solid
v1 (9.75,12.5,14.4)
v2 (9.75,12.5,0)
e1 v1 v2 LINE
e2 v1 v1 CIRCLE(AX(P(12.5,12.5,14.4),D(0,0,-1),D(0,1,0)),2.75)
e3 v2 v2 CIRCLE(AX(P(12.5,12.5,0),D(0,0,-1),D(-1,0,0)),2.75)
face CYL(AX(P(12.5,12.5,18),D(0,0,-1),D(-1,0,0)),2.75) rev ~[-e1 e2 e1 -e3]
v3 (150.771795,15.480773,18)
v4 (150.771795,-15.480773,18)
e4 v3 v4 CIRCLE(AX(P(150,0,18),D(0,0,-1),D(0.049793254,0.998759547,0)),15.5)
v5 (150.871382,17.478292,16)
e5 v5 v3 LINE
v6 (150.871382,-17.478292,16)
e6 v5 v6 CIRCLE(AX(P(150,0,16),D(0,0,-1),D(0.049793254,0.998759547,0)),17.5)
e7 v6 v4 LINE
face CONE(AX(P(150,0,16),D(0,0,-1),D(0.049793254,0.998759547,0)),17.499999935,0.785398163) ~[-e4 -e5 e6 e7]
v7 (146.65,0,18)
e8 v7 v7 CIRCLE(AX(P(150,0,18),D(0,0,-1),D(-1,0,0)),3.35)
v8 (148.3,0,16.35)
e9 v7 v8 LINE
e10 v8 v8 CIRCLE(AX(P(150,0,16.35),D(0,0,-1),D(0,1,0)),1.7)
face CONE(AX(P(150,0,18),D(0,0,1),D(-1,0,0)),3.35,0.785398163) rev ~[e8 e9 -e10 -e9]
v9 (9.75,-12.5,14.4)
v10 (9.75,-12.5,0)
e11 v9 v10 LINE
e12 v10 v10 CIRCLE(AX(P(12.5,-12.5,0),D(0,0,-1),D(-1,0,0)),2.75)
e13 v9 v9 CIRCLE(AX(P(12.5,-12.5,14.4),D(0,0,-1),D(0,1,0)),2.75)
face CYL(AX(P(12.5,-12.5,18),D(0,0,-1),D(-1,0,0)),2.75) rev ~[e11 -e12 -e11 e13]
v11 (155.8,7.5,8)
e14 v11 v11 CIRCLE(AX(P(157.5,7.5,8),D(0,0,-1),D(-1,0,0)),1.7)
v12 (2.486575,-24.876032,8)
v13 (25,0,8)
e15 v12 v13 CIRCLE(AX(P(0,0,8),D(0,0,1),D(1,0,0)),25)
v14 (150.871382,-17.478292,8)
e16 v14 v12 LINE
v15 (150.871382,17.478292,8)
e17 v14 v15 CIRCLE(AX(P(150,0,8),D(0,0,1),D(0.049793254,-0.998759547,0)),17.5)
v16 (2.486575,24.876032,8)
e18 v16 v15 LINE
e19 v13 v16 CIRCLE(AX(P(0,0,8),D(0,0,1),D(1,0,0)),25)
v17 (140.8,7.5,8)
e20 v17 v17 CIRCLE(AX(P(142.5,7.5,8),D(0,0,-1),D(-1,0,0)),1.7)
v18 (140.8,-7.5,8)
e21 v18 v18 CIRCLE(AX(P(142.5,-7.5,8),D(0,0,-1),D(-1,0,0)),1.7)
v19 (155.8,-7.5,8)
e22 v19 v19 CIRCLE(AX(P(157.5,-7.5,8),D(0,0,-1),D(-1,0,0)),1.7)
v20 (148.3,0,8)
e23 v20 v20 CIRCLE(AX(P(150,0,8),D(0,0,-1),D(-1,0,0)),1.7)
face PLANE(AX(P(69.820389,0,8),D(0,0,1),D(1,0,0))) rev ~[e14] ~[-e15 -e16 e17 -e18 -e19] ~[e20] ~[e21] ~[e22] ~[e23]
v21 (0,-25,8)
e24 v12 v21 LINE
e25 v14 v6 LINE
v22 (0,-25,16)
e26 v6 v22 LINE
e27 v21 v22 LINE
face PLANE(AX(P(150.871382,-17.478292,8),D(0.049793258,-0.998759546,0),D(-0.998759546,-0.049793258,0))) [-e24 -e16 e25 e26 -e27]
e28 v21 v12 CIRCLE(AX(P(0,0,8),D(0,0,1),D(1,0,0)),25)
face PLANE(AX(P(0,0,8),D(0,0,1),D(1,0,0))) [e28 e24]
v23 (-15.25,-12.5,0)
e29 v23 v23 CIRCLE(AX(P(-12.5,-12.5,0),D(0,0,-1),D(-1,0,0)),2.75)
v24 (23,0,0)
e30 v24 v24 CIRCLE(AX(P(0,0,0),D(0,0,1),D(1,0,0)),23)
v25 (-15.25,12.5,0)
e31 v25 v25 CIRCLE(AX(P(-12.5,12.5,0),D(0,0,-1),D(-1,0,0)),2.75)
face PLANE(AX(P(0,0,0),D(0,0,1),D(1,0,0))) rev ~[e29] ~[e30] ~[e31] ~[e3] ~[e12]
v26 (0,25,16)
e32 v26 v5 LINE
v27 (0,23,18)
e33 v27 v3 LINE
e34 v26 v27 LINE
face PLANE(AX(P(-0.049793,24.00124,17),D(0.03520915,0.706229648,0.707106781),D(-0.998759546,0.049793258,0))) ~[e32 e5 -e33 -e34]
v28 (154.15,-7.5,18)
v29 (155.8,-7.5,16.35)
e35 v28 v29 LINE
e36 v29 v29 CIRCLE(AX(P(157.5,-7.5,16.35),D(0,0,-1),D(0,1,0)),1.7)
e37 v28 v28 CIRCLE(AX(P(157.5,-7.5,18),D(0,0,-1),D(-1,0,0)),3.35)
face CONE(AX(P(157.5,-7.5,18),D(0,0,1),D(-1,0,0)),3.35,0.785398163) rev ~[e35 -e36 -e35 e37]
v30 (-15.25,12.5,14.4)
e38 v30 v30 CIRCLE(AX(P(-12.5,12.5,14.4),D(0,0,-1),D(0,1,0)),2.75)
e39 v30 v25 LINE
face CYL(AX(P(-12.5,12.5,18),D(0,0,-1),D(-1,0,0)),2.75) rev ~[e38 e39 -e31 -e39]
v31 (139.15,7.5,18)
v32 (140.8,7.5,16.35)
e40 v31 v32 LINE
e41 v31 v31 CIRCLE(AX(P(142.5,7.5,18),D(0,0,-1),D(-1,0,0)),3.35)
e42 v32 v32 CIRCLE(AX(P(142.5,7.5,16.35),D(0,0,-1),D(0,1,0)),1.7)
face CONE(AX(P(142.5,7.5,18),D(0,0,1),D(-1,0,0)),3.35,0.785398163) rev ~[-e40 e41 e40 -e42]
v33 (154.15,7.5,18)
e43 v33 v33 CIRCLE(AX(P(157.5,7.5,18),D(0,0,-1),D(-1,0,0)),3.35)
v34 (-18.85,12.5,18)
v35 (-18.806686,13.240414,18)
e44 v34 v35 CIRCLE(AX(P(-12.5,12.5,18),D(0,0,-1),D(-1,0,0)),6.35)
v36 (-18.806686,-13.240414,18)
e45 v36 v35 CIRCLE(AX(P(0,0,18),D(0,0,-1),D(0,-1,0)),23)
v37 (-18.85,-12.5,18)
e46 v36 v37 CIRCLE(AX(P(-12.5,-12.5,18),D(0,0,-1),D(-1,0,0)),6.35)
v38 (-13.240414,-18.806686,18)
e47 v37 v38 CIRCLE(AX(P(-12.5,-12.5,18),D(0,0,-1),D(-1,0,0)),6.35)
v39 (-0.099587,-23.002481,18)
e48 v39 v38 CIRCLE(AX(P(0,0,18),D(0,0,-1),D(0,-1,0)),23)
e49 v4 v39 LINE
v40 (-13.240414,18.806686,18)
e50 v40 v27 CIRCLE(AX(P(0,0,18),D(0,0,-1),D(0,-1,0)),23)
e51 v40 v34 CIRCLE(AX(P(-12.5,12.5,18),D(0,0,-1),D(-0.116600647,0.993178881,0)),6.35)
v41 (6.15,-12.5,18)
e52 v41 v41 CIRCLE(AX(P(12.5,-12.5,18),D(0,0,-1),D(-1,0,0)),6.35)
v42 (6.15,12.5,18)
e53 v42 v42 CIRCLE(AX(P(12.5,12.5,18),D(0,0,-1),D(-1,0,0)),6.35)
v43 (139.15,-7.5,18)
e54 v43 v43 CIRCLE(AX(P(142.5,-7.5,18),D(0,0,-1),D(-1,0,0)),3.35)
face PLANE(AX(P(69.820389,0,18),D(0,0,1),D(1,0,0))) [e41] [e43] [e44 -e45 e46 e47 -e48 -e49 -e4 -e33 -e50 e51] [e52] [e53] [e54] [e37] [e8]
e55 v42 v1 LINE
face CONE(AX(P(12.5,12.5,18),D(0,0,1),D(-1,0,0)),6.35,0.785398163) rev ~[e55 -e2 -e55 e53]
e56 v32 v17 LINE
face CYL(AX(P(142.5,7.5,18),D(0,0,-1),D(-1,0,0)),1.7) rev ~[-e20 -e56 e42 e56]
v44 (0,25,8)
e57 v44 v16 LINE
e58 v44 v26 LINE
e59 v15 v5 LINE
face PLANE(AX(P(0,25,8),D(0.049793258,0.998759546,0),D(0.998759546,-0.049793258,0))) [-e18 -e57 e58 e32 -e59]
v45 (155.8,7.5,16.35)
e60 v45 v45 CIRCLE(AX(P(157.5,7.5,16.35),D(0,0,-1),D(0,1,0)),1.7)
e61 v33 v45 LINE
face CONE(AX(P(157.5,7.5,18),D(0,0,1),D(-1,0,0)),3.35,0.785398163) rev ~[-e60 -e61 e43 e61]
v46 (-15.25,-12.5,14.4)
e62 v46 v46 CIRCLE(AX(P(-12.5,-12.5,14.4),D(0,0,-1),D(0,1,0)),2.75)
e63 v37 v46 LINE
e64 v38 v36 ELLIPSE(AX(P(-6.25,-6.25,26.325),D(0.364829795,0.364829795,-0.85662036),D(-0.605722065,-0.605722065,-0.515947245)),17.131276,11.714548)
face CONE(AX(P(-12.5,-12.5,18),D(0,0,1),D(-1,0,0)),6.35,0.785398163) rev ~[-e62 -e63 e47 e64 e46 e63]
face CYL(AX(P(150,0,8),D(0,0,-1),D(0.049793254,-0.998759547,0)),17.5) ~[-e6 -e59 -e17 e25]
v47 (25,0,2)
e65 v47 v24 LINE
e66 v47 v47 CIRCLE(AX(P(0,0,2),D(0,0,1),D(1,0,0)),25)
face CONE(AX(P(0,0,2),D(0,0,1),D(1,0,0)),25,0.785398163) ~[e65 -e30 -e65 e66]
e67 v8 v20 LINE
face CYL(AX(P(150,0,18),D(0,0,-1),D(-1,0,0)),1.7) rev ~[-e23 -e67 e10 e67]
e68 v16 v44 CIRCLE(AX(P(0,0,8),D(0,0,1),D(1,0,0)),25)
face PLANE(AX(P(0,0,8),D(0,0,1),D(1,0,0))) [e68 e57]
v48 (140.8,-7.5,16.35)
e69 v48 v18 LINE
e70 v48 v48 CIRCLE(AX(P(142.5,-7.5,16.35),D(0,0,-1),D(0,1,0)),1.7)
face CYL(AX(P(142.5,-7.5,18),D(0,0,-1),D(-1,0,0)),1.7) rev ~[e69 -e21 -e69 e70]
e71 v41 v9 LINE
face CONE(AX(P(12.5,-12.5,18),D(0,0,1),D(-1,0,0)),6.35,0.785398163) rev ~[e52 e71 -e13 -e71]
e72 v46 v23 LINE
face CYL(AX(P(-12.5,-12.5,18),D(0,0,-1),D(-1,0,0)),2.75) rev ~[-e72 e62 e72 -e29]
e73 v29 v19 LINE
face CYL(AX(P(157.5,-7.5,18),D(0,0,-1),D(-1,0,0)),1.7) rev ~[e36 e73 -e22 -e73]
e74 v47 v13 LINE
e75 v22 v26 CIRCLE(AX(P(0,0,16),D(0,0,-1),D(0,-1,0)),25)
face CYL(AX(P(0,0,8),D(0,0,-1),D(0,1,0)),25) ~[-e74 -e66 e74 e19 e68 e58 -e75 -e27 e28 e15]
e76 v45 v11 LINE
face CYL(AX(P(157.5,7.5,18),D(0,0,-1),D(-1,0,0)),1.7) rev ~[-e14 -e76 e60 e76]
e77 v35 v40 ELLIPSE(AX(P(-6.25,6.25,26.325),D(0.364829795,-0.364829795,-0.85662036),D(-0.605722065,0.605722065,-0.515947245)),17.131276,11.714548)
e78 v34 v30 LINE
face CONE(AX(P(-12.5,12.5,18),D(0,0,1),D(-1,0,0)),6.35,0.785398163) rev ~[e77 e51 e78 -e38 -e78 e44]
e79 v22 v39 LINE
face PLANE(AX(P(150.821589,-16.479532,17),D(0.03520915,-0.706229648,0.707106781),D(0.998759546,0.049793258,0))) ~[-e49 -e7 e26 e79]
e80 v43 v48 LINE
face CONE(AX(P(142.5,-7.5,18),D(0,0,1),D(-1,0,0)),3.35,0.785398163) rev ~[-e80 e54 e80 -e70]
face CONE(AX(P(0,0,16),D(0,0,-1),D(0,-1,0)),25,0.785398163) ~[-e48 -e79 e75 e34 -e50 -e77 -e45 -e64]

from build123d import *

# Parameters (mm, degrees)
SKETCH_R            = 25
PAD_DEPTH           = 8
PAD001_DEPTH        = 10
CHAMFER_SIZE        = 2
HOLE_D              = 5.5
HOLE_DEPTH          = 25
HOLE_CSINK_D        = 12.7
HOLE_CSINK_ANGLE    = 90
HOLE001_D           = 3.4
HOLE001_DEPTH       = 25
HOLE001_CSINK_D     = 6.7
HOLE001_CSINK_ANGLE = 90
CHAMFER001_SIZE     = 2


with BuildPart() as part:
    # Sketch → Pad (new body)
    with BuildSketch(Plane.XY):
        Circle(SKETCH_R)
    extrude(amount=PAD_DEPTH)

    # Sketch001 (on Face3 of Pad) → Pad001 (join)
    with BuildSketch(Plane.XY.offset(8)):
        with BuildLine():
            ThreePointArc((0, 25), (-25, 0), (0, -25))
            Line((150.871382, -17.478292), (0, -25))
            ThreePointArc((150.871382, -17.478292), (167.5, 0), (150.871382, 17.478292))
            Line((0, 25), (150.871382, 17.478292))
        make_face()
    extrude(amount=PAD001_DEPTH)

    # Chamfer
    chamfer_edges = [part.edges().sort_by_distance(p)[0] for p in [
        (75.435691, -21.239146, 18),
    ]]
    chamfer(chamfer_edges, length=CHAMFER_SIZE)

    # Hole
    with Locations(Plane.XY.offset(18)):
        with Locations((-12.5, 12.5), (12.5, 12.5), (12.5, -12.5), (-12.5, -12.5)):
            CounterSinkHole(HOLE_D / 2, HOLE_CSINK_D / 2, depth=HOLE_DEPTH, counter_sink_angle=HOLE_CSINK_ANGLE)

    # Hole001
    with Locations(Plane.XY.offset(18)):
        with Locations((142.5, 7.5), (157.5, 7.5), (157.5, -7.5), (142.5, -7.5), (150, 0)):
            CounterSinkHole(HOLE001_D / 2, HOLE001_CSINK_D / 2, depth=HOLE001_DEPTH, counter_sink_angle=HOLE001_CSINK_ANGLE)

    # Chamfer001
    chamfer001_edges = [part.edges().sort_by_distance(p)[0] for p in [
        (-25, 0, 0),
    ]]
    chamfer(chamfer001_edges, length=CHAMFER001_SIZE)


solid = part.part
